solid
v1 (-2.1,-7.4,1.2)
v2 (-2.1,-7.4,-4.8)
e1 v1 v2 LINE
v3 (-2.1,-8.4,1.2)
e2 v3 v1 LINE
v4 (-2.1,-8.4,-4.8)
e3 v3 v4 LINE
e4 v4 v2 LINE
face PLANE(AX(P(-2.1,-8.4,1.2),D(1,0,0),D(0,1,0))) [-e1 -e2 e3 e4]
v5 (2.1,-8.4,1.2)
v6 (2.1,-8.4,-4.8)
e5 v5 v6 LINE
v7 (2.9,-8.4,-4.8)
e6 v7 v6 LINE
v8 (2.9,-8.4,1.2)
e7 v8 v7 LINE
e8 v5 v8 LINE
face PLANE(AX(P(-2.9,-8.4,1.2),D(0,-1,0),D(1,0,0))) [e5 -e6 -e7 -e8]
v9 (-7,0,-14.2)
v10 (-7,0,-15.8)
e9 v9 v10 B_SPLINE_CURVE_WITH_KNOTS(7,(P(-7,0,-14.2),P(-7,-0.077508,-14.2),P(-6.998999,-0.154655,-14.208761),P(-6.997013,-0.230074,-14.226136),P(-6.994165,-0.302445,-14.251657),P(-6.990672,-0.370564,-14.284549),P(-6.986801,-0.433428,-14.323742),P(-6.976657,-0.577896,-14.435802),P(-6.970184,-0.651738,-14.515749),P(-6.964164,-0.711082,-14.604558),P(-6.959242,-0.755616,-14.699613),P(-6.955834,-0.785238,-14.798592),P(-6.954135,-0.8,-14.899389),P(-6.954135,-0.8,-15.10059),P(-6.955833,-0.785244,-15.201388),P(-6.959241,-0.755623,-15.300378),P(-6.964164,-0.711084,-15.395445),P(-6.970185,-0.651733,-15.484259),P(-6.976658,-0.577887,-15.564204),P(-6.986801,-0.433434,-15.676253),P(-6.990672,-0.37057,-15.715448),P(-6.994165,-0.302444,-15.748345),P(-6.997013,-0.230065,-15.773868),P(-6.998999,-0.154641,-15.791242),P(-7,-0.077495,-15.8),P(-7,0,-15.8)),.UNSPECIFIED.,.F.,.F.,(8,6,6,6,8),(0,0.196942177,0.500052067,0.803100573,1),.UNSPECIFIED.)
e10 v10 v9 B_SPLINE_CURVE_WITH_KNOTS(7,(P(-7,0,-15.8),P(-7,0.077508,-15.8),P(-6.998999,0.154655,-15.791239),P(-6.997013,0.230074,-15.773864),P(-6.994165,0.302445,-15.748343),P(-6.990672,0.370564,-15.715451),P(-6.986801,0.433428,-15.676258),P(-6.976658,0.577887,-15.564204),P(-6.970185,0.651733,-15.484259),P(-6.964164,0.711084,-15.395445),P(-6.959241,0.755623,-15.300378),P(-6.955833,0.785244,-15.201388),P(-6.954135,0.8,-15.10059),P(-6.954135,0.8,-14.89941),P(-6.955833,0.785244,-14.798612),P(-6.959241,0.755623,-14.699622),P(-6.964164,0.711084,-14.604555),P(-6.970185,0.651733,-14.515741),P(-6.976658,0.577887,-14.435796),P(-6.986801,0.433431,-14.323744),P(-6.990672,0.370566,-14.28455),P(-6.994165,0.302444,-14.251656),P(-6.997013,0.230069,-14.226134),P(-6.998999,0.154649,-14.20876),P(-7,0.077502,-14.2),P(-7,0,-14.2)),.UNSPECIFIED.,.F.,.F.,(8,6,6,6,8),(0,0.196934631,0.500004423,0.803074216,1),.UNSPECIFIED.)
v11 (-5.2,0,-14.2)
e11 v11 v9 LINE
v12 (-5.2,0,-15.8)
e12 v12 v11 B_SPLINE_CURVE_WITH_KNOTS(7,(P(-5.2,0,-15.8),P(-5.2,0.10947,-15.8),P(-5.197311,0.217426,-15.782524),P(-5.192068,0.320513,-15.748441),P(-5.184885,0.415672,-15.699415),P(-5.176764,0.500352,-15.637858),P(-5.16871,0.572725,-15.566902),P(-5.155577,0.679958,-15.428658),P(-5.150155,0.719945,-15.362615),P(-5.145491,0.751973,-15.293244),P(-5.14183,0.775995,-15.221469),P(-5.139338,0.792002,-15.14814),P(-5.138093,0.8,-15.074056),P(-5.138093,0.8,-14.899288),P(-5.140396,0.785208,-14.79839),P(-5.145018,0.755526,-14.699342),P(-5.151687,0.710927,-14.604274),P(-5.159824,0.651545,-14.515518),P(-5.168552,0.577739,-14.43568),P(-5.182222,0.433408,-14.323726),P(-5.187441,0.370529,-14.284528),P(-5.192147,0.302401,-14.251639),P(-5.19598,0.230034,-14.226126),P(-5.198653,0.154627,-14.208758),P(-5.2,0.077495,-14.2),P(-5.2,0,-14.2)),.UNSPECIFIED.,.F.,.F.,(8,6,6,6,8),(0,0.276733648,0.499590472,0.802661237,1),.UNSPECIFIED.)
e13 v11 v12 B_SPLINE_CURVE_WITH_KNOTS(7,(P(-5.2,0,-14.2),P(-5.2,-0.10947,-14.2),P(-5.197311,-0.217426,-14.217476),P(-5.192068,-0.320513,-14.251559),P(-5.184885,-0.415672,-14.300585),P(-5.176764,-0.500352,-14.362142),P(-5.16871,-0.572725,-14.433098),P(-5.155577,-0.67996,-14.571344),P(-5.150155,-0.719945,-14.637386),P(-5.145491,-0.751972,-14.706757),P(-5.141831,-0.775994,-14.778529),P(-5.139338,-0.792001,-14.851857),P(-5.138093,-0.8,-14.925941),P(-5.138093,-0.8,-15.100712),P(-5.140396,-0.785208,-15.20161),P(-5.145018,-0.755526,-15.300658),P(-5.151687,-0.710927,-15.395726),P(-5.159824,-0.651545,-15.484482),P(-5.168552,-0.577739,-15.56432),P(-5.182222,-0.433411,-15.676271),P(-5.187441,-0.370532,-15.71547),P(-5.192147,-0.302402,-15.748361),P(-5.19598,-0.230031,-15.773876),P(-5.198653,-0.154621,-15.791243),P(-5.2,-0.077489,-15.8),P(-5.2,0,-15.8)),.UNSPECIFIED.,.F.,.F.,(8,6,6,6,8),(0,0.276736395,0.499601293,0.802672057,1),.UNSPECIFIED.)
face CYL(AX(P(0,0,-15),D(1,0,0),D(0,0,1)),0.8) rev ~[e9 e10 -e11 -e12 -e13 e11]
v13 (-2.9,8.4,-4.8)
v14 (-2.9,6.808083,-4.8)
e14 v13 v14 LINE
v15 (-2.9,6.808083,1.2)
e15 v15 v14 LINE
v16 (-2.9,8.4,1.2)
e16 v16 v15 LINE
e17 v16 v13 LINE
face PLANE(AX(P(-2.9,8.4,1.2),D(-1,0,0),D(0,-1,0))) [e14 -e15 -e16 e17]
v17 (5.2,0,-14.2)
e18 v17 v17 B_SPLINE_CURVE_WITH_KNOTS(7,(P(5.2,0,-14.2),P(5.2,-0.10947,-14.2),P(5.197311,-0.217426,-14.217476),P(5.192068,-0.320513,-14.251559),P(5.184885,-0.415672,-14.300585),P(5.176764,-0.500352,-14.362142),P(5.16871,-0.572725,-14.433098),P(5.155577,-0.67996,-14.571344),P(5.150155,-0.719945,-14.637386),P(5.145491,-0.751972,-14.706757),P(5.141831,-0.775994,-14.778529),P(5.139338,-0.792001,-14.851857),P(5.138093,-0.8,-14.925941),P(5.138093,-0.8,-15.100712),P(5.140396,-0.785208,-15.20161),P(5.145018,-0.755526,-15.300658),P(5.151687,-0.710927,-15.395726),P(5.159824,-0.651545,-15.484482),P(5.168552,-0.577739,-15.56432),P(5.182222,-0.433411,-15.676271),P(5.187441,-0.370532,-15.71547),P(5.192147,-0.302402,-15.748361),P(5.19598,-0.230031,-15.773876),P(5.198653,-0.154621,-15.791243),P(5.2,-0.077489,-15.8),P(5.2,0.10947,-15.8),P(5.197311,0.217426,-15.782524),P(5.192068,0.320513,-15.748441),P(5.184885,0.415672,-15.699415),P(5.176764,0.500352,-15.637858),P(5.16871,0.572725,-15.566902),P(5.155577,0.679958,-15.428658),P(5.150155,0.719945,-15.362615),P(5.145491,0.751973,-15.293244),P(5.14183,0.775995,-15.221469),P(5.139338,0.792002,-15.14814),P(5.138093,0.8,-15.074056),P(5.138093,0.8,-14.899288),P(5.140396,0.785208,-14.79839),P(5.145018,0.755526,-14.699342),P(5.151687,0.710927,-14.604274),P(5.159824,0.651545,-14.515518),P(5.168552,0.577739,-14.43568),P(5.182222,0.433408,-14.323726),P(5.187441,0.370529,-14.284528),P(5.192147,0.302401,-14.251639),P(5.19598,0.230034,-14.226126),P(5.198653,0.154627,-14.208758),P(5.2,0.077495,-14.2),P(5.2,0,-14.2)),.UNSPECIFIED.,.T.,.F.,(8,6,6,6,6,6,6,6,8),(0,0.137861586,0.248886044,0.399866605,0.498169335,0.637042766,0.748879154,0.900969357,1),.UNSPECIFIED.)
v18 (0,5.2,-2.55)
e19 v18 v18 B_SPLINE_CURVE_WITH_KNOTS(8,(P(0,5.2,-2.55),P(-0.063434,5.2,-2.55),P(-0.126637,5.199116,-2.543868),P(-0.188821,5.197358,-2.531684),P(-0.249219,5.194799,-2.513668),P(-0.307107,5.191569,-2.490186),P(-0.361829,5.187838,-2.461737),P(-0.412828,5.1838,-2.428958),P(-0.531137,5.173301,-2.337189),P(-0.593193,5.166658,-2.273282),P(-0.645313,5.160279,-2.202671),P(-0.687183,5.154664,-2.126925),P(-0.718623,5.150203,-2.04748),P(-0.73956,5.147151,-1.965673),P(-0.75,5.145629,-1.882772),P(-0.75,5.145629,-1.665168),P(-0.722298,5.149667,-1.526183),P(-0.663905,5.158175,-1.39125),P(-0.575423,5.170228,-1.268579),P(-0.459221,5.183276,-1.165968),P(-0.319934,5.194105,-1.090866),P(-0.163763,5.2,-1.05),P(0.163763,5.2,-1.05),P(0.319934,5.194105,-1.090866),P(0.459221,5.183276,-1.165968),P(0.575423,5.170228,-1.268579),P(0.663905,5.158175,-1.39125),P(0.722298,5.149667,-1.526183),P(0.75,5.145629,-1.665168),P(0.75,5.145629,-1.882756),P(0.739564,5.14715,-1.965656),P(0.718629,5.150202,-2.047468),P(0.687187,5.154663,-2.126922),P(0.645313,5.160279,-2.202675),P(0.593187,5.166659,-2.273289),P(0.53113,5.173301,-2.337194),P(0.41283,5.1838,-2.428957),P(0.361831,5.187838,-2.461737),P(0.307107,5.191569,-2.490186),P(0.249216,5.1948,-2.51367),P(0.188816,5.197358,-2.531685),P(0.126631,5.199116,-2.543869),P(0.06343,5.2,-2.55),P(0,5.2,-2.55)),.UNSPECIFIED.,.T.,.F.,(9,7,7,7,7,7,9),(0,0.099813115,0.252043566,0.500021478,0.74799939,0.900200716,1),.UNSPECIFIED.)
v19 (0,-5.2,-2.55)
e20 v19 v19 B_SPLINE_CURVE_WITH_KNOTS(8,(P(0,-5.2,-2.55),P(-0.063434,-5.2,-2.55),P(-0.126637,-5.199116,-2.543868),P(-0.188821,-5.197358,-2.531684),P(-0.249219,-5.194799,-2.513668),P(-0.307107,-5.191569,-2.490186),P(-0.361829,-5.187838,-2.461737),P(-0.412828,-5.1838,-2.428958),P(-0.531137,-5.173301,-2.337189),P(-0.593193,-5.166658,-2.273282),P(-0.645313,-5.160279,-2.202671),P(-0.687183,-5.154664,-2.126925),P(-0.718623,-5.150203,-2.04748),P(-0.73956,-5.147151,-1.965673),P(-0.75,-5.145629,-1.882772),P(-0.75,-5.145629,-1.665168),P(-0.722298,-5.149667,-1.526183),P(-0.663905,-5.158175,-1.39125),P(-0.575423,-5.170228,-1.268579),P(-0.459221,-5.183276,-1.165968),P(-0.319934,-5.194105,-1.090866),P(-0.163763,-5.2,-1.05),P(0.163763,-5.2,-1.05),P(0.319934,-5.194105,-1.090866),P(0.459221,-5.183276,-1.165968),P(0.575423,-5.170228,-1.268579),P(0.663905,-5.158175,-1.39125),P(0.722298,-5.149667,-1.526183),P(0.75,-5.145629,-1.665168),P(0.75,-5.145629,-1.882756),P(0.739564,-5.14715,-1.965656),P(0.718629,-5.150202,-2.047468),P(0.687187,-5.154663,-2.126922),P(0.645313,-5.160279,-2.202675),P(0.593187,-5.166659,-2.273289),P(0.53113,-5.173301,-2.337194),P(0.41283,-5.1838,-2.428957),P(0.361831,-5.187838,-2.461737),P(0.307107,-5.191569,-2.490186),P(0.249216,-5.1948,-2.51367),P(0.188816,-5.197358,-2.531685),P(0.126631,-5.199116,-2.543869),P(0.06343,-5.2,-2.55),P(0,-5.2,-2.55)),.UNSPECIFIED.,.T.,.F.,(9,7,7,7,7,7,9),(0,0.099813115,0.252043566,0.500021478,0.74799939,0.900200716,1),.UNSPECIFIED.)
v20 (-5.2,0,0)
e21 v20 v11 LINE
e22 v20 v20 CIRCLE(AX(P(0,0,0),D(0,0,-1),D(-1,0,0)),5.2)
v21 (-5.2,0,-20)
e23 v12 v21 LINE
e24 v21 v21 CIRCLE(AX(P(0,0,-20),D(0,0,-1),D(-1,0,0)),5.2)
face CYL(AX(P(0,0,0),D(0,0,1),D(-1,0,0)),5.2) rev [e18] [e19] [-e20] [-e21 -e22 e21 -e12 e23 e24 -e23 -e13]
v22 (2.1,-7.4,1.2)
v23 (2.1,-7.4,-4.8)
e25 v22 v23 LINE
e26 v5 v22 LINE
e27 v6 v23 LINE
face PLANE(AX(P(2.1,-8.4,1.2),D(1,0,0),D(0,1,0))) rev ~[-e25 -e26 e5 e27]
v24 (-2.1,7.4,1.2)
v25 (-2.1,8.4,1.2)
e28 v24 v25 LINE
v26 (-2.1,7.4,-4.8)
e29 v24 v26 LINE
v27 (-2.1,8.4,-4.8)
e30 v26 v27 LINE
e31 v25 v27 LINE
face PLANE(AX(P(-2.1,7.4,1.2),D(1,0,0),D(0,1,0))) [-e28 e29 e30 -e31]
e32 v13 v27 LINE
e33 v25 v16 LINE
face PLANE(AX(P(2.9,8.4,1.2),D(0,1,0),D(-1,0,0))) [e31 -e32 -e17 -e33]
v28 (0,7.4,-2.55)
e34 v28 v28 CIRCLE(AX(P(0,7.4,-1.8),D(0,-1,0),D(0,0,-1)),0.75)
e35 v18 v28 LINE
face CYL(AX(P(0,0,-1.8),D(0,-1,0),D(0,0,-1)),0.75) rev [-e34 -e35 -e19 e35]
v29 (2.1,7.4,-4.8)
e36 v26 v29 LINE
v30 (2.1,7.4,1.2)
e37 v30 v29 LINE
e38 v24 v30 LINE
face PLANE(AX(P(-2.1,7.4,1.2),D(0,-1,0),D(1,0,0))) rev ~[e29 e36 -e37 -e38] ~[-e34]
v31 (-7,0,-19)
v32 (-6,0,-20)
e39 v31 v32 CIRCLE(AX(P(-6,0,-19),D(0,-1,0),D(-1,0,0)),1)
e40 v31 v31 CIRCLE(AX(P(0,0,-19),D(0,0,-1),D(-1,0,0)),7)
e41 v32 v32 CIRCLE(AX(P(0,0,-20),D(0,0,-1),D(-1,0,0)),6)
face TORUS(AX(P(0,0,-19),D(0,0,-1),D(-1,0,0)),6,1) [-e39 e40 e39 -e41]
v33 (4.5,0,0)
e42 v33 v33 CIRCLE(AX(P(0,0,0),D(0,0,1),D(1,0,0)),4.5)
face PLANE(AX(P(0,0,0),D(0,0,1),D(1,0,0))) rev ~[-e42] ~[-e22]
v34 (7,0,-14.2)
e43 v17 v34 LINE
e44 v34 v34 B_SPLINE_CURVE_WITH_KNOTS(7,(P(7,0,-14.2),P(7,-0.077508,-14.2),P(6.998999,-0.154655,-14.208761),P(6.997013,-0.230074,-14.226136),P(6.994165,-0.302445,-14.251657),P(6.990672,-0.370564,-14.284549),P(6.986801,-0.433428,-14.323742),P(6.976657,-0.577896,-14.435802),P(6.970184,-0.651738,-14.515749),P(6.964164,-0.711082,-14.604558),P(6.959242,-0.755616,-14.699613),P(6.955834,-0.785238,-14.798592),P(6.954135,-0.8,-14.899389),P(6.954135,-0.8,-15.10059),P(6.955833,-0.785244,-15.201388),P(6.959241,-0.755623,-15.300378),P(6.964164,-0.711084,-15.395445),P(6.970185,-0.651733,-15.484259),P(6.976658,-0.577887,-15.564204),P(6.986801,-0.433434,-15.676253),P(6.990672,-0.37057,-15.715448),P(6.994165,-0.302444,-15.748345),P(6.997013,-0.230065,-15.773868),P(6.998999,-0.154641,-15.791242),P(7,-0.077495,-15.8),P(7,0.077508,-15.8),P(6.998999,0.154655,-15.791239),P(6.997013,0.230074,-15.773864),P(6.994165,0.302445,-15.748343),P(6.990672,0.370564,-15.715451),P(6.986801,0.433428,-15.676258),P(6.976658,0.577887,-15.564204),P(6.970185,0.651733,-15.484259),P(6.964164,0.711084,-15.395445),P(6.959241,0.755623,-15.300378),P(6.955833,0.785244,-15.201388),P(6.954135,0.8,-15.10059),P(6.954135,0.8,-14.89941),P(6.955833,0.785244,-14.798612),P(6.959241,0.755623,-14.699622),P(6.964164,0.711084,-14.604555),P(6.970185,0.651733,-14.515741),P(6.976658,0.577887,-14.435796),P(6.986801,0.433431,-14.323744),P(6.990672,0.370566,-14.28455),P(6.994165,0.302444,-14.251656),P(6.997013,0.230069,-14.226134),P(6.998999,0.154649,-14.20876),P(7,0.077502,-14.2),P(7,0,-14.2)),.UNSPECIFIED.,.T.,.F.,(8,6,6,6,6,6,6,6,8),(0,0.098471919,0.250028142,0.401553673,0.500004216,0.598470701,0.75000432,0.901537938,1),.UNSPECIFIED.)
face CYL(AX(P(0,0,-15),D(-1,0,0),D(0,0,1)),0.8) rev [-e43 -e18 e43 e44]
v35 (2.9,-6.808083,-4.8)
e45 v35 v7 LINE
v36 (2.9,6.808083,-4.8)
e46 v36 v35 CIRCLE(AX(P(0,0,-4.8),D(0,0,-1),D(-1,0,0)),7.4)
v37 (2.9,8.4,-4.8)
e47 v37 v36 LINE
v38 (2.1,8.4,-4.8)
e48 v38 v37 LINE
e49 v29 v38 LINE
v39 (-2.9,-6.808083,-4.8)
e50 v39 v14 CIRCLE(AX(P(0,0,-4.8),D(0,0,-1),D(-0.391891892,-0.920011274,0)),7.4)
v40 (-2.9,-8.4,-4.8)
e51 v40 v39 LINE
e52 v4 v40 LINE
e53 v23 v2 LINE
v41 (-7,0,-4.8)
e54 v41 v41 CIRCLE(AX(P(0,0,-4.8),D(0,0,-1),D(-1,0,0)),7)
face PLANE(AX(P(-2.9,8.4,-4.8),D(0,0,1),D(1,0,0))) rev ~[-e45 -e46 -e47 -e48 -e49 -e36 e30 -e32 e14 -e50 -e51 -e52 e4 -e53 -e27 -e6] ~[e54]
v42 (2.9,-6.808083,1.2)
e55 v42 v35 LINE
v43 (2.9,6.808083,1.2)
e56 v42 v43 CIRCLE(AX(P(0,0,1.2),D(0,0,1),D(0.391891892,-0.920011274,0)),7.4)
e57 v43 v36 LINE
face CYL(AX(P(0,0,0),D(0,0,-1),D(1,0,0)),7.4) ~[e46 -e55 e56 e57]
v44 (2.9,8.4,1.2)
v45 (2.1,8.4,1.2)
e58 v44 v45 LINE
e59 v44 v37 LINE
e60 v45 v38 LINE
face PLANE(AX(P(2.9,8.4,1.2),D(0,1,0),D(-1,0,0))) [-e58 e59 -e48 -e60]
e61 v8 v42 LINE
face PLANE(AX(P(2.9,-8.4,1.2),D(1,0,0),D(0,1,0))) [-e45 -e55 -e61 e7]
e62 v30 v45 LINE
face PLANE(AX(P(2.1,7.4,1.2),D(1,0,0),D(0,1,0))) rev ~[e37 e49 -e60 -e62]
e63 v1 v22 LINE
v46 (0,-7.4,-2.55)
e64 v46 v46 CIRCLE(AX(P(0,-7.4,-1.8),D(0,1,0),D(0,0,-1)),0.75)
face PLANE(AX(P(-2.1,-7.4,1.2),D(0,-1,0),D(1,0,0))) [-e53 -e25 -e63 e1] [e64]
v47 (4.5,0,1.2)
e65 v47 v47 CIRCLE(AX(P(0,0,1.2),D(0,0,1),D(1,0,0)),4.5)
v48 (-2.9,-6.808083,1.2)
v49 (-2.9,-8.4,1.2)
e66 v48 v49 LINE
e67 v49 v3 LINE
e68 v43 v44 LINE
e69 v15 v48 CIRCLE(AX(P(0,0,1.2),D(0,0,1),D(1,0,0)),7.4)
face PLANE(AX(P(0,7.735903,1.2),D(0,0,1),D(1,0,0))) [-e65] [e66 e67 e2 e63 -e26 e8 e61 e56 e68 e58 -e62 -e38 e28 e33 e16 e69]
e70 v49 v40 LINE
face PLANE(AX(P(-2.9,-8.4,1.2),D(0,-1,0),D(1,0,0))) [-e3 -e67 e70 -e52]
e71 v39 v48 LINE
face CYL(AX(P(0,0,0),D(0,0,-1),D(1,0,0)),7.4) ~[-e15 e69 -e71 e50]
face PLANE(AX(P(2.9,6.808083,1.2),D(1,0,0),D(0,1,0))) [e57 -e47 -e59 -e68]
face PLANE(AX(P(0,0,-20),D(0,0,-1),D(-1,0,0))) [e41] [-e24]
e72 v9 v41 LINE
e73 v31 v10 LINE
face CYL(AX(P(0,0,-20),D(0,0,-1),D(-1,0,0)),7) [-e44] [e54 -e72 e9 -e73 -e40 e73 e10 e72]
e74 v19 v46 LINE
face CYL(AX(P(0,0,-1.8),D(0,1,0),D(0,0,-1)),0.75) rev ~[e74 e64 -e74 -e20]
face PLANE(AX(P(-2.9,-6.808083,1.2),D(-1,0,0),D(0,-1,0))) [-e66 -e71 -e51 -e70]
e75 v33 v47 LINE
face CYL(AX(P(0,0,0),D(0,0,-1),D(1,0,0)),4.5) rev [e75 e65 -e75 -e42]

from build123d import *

# Parameters (mm, degrees)
SKETCH10_R              = 7.4
SKETCH10_R_2            = 4.5
BOSS_EXTRUDE3_DEPTH     = 1.2
SKETCH11_R              = 7.4
SKETCH11_R_2            = 5.2
BOSS_EXTRUDE4_DEPTH     = 20
BOSS_EXTRUDE5_DEPTH     = 7
SKETCH12_R              = 0.75
CUT_EXTRUDE1_DEPTH      = 10
CUT_EXTRUDE1_DEPTH_BACK = 11
SKETCH14_W              = 4.2
SKETCH14_H              = 1
CUT_EXTRUDE2_DEPTH      = 6
CUT_EXTRUDE3_REACH      = 29.148
CUT_EXTRUDE3_END_RADIUS = 7.4
CUT_EXTRUDE6_DEPTH      = 1
SKETCH16_R              = 0.8
CUT_EXTRUDE4_DEPTH      = 10
CUT_EXTRUDE4_DEPTH_BACK = 10
SKETCH19_R              = 7.4
SKETCH19_R_2            = 7
CUT_EXTRUDE7_DEPTH      = 15.2
FILLET1_R               = 1


with BuildPart() as part:
    # Sketch10 → Boss-Extrude3 (new body)
    with BuildSketch(Plane.XY):
        Circle(SKETCH10_R)
        Circle(SKETCH10_R_2, mode=Mode.SUBTRACT)
    extrude(amount=BOSS_EXTRUDE3_DEPTH)

    # Sketch11 → Boss-Extrude4 (add)
    with BuildSketch(Plane(origin=(0, 0, 0), x_dir=(-1, 0, 0), z_dir=(0, 0, -1))):
        Circle(SKETCH11_R)
        Circle(SKETCH11_R_2, mode=Mode.SUBTRACT)
    extrude(amount=BOSS_EXTRUDE4_DEPTH)

    # Sketch13 → Boss-Extrude5 (add)
    with BuildSketch(Plane.XY.offset(1.2)):
        with BuildLine():
            ThreePointArc((-2.9, 6.808083431), (0, 7.4), (2.9, 6.808083431))
            Line((2.9, 6.808083431), (2.9, 8.4))
            Line((2.9, 8.4), (-2.9, 8.4))
            Line((-2.9, 8.4), (-2.9, 6.808083431))
        make_face()
        with BuildLine():
            ThreePointArc((2.9, -6.808083431), (0, -7.4), (-2.9, -6.808083431))
            Line((-2.9, -6.808083431), (-2.9, -8.4))
            Line((-2.9, -8.4), (2.9, -8.4))
            Line((2.9, -8.4), (2.9, -6.808083431))
        make_face()
    extrude(amount=-BOSS_EXTRUDE5_DEPTH)

    # Sketch12 → Cut-Extrude1 (cut, two sides)
    with BuildSketch(Plane(origin=(0, 0, 0), x_dir=(1, 0, 0), z_dir=(0, 1, 0))) as cut_extrude1_sk:
        with Locations(Location((0, 1.8, 0), (0, 0, 90))):
            Circle(SKETCH12_R)
    extrude(amount=CUT_EXTRUDE1_DEPTH, mode=Mode.SUBTRACT)
    extrude(cut_extrude1_sk.sketch, amount=-CUT_EXTRUDE1_DEPTH_BACK, mode=Mode.SUBTRACT)

    # Sketch14 → Cut-Extrude2 (cut)
    with BuildSketch(Plane.XY.offset(1.2)):
        with Locations((0, 7.9)):
            Rectangle(SKETCH14_W, SKETCH14_H)
        with Locations((0, -7.9)):
            Rectangle(SKETCH14_W, SKETCH14_H)
    extrude(amount=-CUT_EXTRUDE2_DEPTH, mode=Mode.SUBTRACT)

    # Cut-Extrude3: up to this cylinder (the profile starts outside it)
    cut_extrude3_end = Plane(origin=(0, 0, -5.3), z_dir=(0, 0, -1)) * Cylinder(CUT_EXTRUDE3_END_RADIUS, 74.096, mode=Mode.PRIVATE)
    # Sketch15 → Cut-Extrude3 (cut, up to the surface)
    with BuildSketch(Plane(origin=(0, 8.4, 0), x_dir=(1, 0, 0), z_dir=(0, 1, 0)), mode=Mode.PRIVATE) as cut_extrude3_sk1:
        Polygon((-2.9, 5.8), (-2.9, 4.8), (-2.1, 4.8), (2.1, 4.8), (2.9, 4.8), (2.9, 5.8), align=None)
    cut_extrude3_tool1 = extrude(cut_extrude3_sk1.sketch, amount=-CUT_EXTRUDE3_REACH, mode=Mode.PRIVATE) - cut_extrude3_end
    add(cut_extrude3_tool1.solids().sort_by_distance((0, 8.4, -5.3))[0], mode=Mode.SUBTRACT)

    # Sketch18 → Cut-Extrude6 (cut)
    with BuildSketch(Plane(origin=(0, 0, -5.8), x_dir=(-1, 0, 0), z_dir=(0, 0, -1))):
        with BuildLine():
            Line((-2.9, -6.808083431), (-2.9, -8.4))
            Line((-2.9, -8.4), (2.9, -8.4))
            Line((2.9, -8.4), (2.9, -6.808083431))
            ThreePointArc((2.9, -6.808083431), (0, -7.4), (-2.9, -6.808083431))
        make_face()
    extrude(amount=-CUT_EXTRUDE6_DEPTH, mode=Mode.SUBTRACT)

    # Sketch16 → Cut-Extrude4 (cut, two sides)
    with BuildSketch(Plane(origin=(0, 0, 0), x_dir=(0, 0, -1), z_dir=(1, 0, 0))) as cut_extrude4_sk:
        with Locations(Location((15, 0, 0), (0, 0, 180))):
            Circle(SKETCH16_R)
    extrude(amount=CUT_EXTRUDE4_DEPTH, mode=Mode.SUBTRACT)
    extrude(cut_extrude4_sk.sketch, amount=-CUT_EXTRUDE4_DEPTH_BACK, mode=Mode.SUBTRACT)

    # Sketch19 → Cut-Extrude7 (cut)
    with BuildSketch(Plane(origin=(0, 0, -20), x_dir=(-1, 0, 0), z_dir=(0, 0, -1))):
        Circle(SKETCH19_R)
        Circle(SKETCH19_R_2, mode=Mode.SUBTRACT)
    extrude(amount=-CUT_EXTRUDE7_DEPTH, mode=Mode.SUBTRACT)

    # Fillet1
    fillet1_edges = [part.edges().sort_by_distance(p)[0] for p in [
        (7, 0, -20),
    ]]
    fillet(fillet1_edges, radius=FILLET1_R)


solid = part.part
